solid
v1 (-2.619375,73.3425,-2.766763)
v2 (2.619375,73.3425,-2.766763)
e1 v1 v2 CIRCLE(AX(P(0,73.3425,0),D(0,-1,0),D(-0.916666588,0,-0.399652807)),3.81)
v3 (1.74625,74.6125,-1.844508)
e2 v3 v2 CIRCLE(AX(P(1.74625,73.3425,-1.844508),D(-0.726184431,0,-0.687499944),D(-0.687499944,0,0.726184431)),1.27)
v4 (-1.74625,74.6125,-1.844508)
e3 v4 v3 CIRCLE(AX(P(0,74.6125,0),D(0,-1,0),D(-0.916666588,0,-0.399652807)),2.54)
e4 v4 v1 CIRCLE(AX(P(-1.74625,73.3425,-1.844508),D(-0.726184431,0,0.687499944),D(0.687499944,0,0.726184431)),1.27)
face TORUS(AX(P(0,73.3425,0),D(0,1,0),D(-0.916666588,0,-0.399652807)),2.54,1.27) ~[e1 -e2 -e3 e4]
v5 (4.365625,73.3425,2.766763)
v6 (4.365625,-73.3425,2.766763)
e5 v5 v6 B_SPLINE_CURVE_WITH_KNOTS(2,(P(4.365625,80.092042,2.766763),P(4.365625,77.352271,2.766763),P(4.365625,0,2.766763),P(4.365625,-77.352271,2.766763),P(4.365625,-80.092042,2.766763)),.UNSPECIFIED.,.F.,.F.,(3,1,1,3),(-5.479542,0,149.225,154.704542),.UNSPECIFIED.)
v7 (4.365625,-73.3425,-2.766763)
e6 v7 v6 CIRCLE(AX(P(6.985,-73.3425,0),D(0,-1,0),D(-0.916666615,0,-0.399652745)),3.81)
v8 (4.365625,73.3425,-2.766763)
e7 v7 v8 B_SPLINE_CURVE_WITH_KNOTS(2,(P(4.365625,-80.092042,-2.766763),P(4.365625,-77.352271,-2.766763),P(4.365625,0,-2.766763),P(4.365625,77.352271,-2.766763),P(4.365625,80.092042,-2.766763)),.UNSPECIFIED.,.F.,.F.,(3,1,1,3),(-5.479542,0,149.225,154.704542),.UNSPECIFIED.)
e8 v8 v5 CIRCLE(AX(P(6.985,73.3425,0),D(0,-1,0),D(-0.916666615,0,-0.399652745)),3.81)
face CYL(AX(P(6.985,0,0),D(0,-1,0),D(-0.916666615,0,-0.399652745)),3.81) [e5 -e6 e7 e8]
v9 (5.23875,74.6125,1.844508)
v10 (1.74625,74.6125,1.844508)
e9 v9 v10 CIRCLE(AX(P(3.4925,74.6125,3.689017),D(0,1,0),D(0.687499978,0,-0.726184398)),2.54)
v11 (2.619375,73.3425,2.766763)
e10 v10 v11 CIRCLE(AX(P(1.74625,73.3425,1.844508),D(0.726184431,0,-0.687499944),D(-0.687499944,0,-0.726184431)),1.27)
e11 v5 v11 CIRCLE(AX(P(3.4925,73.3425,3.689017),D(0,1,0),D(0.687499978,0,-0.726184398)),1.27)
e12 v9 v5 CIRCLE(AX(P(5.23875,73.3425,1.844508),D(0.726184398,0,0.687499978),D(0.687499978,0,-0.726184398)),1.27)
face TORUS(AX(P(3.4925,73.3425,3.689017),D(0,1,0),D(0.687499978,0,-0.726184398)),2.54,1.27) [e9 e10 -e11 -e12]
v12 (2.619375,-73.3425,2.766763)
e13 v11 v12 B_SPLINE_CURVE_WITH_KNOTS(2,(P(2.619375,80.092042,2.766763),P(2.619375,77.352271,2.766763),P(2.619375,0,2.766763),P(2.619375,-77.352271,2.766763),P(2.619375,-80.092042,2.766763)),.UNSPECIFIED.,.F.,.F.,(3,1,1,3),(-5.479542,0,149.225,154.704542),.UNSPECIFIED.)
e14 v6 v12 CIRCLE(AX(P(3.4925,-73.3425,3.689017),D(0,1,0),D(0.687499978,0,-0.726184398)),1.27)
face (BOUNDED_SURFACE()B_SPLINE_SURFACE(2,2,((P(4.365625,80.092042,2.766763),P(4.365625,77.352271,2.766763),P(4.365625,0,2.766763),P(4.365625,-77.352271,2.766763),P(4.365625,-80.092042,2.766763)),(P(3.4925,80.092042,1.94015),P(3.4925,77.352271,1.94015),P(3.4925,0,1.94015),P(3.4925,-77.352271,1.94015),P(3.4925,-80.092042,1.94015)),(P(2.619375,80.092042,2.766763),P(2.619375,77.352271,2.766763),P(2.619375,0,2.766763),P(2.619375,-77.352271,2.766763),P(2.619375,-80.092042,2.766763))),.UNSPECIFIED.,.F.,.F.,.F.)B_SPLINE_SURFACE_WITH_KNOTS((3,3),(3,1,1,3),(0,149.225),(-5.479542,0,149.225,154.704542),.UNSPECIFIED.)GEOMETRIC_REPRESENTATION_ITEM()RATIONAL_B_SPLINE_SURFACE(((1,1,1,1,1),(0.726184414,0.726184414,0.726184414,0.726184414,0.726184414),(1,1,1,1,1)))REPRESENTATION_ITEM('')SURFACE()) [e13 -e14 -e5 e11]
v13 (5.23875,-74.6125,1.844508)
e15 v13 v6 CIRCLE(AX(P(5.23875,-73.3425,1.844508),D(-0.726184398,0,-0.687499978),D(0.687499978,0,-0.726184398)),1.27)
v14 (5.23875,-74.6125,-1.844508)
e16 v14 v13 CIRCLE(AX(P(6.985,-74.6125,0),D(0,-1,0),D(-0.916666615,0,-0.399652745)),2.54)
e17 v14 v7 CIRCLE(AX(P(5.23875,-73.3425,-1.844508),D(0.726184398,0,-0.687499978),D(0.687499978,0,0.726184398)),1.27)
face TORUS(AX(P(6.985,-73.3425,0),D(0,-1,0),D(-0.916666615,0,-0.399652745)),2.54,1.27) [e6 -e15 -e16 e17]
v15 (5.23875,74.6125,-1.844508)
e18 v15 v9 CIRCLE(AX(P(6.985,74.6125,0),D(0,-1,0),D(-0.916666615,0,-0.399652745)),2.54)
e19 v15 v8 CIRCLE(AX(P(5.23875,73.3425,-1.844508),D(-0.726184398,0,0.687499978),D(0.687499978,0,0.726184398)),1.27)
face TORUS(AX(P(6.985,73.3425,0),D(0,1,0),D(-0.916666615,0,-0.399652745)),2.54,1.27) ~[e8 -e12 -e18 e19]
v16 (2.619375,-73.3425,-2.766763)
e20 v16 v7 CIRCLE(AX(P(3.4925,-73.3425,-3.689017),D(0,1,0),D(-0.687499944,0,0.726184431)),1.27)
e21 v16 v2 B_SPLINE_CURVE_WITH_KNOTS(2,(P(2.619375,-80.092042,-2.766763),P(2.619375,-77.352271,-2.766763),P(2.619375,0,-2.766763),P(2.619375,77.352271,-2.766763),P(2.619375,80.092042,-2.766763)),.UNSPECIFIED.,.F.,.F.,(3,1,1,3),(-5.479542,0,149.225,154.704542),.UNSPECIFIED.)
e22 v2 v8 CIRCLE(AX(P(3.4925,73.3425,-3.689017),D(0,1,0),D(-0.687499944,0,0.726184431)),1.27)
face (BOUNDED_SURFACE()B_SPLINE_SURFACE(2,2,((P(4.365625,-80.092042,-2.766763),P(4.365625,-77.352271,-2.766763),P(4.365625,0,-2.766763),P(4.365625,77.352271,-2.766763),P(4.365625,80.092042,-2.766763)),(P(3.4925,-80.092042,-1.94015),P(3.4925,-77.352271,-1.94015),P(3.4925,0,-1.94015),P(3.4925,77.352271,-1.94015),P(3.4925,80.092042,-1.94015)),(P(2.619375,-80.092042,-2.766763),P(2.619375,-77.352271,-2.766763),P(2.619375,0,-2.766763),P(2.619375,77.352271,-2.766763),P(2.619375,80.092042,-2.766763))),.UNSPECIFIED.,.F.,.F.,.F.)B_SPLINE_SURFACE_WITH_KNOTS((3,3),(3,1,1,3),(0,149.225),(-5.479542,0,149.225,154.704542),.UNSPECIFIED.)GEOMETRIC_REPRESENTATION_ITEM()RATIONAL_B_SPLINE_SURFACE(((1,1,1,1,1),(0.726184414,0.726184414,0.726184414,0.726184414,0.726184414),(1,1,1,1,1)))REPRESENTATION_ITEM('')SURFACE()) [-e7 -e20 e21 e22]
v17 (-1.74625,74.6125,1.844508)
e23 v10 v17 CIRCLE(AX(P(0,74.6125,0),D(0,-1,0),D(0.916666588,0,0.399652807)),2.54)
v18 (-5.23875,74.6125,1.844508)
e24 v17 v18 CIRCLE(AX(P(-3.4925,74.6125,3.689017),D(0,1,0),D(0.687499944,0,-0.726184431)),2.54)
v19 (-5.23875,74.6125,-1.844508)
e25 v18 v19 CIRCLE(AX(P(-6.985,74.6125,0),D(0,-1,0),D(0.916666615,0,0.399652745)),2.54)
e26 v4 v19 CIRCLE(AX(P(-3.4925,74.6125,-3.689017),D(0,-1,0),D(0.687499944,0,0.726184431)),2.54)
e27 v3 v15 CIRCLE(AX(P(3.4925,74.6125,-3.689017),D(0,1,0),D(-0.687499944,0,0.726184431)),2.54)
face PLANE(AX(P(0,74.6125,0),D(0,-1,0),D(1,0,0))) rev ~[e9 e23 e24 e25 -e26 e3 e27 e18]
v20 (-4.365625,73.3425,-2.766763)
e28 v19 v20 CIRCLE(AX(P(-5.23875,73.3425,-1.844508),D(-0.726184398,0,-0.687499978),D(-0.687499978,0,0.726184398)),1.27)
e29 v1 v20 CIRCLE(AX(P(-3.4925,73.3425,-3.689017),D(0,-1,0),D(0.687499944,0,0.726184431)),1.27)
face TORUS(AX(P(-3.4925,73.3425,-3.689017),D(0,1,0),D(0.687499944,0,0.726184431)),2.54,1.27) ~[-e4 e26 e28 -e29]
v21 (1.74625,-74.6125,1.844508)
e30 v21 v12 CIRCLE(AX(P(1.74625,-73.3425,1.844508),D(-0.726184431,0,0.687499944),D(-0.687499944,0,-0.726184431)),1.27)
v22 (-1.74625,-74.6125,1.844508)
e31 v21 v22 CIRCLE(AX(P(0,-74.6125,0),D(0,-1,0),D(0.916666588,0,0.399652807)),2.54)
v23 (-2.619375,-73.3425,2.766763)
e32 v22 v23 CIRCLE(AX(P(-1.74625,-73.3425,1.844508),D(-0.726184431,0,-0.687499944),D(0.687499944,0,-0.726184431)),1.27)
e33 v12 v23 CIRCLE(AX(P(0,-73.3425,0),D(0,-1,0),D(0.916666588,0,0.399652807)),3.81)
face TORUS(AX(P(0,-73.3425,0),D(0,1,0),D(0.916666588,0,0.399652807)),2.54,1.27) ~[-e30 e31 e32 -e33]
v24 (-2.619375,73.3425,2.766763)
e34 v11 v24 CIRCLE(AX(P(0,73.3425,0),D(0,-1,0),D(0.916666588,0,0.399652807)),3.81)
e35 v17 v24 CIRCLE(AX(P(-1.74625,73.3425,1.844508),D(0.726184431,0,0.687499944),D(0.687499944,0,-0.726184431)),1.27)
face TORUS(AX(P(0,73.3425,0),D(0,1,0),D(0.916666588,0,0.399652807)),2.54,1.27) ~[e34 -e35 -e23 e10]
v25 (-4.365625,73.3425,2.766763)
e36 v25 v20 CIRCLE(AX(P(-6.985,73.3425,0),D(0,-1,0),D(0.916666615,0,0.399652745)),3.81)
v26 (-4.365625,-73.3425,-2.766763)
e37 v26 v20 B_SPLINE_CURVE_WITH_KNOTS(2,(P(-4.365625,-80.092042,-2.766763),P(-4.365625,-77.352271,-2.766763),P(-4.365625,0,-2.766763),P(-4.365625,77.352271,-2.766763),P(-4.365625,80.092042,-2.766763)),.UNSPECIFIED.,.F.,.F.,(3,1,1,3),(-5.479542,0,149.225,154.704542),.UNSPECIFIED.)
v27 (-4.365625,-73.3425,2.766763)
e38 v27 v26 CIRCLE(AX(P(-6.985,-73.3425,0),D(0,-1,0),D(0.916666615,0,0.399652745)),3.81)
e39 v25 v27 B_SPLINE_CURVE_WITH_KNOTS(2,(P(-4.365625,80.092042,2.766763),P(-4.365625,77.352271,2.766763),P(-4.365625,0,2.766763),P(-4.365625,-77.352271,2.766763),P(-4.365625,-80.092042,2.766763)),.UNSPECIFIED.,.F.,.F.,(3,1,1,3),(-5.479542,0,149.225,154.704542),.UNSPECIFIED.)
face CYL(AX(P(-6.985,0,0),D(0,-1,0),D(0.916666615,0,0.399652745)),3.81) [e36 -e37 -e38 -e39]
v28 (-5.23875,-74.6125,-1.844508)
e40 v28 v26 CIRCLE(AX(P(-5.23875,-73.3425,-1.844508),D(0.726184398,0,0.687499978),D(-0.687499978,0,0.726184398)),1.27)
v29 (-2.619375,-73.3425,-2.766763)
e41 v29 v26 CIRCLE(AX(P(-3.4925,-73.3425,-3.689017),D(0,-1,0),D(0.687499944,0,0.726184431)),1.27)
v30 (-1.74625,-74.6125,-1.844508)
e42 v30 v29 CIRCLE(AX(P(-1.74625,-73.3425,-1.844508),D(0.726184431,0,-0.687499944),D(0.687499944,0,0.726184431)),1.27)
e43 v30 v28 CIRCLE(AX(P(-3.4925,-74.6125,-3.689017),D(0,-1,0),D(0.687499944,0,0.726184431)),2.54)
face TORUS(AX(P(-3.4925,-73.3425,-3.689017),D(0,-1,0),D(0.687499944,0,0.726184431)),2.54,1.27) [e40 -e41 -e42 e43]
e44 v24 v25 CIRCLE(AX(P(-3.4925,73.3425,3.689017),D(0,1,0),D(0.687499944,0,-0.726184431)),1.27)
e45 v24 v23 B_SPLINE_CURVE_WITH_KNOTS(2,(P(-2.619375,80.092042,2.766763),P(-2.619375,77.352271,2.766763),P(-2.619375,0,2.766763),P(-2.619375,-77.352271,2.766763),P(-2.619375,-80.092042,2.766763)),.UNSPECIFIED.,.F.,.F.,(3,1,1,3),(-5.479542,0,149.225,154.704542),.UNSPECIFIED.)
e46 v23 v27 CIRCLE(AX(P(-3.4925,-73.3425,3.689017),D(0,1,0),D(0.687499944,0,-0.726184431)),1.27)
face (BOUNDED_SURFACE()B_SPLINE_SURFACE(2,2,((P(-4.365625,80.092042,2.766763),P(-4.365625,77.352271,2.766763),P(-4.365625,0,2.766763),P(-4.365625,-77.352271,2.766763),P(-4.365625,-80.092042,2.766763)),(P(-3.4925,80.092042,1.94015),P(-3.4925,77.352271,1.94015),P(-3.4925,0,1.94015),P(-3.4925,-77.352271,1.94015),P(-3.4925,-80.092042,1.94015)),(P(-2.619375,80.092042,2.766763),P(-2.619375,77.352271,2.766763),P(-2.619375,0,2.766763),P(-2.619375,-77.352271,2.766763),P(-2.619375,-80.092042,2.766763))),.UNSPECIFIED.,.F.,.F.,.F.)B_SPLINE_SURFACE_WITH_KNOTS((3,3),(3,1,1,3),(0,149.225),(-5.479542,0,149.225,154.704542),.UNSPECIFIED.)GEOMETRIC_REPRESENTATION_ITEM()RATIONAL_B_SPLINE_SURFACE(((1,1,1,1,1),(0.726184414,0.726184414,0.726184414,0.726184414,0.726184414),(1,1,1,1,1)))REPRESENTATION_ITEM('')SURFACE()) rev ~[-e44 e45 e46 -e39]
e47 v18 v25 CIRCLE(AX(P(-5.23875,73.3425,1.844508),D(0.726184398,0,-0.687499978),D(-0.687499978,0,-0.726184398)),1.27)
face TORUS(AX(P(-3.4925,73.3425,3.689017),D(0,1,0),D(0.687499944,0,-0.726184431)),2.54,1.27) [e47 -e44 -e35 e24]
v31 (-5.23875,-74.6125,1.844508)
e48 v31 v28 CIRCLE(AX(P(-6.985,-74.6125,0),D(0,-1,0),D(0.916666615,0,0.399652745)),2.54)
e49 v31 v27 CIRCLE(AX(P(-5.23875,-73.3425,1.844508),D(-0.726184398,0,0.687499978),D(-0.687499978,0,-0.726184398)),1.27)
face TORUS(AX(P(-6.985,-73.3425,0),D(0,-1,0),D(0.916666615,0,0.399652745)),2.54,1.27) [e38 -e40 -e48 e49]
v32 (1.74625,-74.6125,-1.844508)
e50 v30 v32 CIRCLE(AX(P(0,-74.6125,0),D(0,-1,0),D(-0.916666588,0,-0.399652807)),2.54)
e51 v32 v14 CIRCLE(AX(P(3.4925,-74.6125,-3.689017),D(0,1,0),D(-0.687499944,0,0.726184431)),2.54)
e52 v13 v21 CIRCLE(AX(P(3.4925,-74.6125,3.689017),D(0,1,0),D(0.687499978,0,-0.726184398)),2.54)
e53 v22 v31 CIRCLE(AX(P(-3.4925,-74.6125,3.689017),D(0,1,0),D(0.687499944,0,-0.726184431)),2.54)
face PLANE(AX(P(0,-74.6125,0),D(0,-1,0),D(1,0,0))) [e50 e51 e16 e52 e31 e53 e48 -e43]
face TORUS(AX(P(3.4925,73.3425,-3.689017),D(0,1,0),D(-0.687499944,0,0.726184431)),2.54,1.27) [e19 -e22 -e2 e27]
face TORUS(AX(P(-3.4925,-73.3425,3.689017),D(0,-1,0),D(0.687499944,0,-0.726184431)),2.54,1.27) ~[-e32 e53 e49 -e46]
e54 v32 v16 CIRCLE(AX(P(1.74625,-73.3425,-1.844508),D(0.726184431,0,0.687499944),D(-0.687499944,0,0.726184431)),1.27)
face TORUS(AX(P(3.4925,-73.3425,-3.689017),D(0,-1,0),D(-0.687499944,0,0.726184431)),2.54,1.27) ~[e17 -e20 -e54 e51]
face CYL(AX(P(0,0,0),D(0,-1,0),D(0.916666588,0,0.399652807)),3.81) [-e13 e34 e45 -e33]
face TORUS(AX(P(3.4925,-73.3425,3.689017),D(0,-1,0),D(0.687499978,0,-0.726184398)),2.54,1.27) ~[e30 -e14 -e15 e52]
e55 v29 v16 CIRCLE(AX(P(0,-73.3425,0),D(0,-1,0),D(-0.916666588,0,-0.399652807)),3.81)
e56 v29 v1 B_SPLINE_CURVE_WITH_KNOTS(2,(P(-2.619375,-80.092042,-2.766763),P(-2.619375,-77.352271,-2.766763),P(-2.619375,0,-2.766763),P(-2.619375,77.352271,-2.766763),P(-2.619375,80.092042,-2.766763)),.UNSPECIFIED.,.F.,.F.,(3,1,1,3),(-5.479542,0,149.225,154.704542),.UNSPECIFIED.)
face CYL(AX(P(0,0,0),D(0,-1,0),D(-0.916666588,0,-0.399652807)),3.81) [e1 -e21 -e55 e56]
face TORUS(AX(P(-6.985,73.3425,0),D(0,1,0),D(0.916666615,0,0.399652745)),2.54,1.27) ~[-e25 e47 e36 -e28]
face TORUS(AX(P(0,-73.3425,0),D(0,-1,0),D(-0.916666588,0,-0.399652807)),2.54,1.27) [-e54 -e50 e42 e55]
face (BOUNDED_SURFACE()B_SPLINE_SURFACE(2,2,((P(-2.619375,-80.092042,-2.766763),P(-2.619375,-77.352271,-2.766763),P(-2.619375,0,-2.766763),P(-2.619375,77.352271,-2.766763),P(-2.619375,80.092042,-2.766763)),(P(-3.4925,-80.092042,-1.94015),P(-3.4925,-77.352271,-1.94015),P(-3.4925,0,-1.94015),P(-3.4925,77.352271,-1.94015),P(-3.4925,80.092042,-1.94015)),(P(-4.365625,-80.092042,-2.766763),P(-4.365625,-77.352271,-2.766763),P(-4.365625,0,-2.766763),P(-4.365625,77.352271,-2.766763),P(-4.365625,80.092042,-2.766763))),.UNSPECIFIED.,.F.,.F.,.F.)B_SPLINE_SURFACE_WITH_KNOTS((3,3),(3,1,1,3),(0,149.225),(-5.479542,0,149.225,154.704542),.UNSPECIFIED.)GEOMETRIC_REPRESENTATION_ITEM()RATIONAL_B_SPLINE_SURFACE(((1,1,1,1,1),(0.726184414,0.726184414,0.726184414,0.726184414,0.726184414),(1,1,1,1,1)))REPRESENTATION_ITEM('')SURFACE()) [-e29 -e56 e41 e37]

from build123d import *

# Parameters (mm, degrees)
F1_DEPTH = 74.6125
F2_R     = 1.27


with BuildPart() as f1:
    # F0 (on Front) → F1 (new body, symmetric)
    with BuildSketch(Plane.XZ):
        with BuildLine():
            ThreePointArc((3.4925, -1.522677), (10.795, 0), (3.4925, 1.522677))
            ThreePointArc((3.4925, 1.522677), (0, 3.81), (-3.4925, 1.522677))
            ThreePointArc((-3.4925, 1.522677), (-10.795, 0), (-3.4925, -1.522677))
            ThreePointArc((-3.4925, -1.522677), (0, -3.81), (3.4925, -1.522677))
        make_face()
    extrude(amount=F1_DEPTH, both=True)

    # F2
    f2_edges = [f1.edges().sort_by_distance(p)[0] for p in [
        (-3.4925, 0, 1.522677),
        (3.4925, 0, 1.522677),
        (-3.4925, 0, -1.522677),
        (3.4925, 0, -1.522677),
        (0, 74.6125, -3.81),
        (10.795, 74.6125, 0),
        (0, 74.6125, 3.81),
        (-10.795, 74.6125, 0),
        (0, -74.6125, -3.81),
        (10.795, -74.6125, 0),
        (0, -74.6125, 3.81),
        (-10.795, -74.6125, 0),
    ]]
    fillet(f2_edges, radius=F2_R)


solid = f1.part
